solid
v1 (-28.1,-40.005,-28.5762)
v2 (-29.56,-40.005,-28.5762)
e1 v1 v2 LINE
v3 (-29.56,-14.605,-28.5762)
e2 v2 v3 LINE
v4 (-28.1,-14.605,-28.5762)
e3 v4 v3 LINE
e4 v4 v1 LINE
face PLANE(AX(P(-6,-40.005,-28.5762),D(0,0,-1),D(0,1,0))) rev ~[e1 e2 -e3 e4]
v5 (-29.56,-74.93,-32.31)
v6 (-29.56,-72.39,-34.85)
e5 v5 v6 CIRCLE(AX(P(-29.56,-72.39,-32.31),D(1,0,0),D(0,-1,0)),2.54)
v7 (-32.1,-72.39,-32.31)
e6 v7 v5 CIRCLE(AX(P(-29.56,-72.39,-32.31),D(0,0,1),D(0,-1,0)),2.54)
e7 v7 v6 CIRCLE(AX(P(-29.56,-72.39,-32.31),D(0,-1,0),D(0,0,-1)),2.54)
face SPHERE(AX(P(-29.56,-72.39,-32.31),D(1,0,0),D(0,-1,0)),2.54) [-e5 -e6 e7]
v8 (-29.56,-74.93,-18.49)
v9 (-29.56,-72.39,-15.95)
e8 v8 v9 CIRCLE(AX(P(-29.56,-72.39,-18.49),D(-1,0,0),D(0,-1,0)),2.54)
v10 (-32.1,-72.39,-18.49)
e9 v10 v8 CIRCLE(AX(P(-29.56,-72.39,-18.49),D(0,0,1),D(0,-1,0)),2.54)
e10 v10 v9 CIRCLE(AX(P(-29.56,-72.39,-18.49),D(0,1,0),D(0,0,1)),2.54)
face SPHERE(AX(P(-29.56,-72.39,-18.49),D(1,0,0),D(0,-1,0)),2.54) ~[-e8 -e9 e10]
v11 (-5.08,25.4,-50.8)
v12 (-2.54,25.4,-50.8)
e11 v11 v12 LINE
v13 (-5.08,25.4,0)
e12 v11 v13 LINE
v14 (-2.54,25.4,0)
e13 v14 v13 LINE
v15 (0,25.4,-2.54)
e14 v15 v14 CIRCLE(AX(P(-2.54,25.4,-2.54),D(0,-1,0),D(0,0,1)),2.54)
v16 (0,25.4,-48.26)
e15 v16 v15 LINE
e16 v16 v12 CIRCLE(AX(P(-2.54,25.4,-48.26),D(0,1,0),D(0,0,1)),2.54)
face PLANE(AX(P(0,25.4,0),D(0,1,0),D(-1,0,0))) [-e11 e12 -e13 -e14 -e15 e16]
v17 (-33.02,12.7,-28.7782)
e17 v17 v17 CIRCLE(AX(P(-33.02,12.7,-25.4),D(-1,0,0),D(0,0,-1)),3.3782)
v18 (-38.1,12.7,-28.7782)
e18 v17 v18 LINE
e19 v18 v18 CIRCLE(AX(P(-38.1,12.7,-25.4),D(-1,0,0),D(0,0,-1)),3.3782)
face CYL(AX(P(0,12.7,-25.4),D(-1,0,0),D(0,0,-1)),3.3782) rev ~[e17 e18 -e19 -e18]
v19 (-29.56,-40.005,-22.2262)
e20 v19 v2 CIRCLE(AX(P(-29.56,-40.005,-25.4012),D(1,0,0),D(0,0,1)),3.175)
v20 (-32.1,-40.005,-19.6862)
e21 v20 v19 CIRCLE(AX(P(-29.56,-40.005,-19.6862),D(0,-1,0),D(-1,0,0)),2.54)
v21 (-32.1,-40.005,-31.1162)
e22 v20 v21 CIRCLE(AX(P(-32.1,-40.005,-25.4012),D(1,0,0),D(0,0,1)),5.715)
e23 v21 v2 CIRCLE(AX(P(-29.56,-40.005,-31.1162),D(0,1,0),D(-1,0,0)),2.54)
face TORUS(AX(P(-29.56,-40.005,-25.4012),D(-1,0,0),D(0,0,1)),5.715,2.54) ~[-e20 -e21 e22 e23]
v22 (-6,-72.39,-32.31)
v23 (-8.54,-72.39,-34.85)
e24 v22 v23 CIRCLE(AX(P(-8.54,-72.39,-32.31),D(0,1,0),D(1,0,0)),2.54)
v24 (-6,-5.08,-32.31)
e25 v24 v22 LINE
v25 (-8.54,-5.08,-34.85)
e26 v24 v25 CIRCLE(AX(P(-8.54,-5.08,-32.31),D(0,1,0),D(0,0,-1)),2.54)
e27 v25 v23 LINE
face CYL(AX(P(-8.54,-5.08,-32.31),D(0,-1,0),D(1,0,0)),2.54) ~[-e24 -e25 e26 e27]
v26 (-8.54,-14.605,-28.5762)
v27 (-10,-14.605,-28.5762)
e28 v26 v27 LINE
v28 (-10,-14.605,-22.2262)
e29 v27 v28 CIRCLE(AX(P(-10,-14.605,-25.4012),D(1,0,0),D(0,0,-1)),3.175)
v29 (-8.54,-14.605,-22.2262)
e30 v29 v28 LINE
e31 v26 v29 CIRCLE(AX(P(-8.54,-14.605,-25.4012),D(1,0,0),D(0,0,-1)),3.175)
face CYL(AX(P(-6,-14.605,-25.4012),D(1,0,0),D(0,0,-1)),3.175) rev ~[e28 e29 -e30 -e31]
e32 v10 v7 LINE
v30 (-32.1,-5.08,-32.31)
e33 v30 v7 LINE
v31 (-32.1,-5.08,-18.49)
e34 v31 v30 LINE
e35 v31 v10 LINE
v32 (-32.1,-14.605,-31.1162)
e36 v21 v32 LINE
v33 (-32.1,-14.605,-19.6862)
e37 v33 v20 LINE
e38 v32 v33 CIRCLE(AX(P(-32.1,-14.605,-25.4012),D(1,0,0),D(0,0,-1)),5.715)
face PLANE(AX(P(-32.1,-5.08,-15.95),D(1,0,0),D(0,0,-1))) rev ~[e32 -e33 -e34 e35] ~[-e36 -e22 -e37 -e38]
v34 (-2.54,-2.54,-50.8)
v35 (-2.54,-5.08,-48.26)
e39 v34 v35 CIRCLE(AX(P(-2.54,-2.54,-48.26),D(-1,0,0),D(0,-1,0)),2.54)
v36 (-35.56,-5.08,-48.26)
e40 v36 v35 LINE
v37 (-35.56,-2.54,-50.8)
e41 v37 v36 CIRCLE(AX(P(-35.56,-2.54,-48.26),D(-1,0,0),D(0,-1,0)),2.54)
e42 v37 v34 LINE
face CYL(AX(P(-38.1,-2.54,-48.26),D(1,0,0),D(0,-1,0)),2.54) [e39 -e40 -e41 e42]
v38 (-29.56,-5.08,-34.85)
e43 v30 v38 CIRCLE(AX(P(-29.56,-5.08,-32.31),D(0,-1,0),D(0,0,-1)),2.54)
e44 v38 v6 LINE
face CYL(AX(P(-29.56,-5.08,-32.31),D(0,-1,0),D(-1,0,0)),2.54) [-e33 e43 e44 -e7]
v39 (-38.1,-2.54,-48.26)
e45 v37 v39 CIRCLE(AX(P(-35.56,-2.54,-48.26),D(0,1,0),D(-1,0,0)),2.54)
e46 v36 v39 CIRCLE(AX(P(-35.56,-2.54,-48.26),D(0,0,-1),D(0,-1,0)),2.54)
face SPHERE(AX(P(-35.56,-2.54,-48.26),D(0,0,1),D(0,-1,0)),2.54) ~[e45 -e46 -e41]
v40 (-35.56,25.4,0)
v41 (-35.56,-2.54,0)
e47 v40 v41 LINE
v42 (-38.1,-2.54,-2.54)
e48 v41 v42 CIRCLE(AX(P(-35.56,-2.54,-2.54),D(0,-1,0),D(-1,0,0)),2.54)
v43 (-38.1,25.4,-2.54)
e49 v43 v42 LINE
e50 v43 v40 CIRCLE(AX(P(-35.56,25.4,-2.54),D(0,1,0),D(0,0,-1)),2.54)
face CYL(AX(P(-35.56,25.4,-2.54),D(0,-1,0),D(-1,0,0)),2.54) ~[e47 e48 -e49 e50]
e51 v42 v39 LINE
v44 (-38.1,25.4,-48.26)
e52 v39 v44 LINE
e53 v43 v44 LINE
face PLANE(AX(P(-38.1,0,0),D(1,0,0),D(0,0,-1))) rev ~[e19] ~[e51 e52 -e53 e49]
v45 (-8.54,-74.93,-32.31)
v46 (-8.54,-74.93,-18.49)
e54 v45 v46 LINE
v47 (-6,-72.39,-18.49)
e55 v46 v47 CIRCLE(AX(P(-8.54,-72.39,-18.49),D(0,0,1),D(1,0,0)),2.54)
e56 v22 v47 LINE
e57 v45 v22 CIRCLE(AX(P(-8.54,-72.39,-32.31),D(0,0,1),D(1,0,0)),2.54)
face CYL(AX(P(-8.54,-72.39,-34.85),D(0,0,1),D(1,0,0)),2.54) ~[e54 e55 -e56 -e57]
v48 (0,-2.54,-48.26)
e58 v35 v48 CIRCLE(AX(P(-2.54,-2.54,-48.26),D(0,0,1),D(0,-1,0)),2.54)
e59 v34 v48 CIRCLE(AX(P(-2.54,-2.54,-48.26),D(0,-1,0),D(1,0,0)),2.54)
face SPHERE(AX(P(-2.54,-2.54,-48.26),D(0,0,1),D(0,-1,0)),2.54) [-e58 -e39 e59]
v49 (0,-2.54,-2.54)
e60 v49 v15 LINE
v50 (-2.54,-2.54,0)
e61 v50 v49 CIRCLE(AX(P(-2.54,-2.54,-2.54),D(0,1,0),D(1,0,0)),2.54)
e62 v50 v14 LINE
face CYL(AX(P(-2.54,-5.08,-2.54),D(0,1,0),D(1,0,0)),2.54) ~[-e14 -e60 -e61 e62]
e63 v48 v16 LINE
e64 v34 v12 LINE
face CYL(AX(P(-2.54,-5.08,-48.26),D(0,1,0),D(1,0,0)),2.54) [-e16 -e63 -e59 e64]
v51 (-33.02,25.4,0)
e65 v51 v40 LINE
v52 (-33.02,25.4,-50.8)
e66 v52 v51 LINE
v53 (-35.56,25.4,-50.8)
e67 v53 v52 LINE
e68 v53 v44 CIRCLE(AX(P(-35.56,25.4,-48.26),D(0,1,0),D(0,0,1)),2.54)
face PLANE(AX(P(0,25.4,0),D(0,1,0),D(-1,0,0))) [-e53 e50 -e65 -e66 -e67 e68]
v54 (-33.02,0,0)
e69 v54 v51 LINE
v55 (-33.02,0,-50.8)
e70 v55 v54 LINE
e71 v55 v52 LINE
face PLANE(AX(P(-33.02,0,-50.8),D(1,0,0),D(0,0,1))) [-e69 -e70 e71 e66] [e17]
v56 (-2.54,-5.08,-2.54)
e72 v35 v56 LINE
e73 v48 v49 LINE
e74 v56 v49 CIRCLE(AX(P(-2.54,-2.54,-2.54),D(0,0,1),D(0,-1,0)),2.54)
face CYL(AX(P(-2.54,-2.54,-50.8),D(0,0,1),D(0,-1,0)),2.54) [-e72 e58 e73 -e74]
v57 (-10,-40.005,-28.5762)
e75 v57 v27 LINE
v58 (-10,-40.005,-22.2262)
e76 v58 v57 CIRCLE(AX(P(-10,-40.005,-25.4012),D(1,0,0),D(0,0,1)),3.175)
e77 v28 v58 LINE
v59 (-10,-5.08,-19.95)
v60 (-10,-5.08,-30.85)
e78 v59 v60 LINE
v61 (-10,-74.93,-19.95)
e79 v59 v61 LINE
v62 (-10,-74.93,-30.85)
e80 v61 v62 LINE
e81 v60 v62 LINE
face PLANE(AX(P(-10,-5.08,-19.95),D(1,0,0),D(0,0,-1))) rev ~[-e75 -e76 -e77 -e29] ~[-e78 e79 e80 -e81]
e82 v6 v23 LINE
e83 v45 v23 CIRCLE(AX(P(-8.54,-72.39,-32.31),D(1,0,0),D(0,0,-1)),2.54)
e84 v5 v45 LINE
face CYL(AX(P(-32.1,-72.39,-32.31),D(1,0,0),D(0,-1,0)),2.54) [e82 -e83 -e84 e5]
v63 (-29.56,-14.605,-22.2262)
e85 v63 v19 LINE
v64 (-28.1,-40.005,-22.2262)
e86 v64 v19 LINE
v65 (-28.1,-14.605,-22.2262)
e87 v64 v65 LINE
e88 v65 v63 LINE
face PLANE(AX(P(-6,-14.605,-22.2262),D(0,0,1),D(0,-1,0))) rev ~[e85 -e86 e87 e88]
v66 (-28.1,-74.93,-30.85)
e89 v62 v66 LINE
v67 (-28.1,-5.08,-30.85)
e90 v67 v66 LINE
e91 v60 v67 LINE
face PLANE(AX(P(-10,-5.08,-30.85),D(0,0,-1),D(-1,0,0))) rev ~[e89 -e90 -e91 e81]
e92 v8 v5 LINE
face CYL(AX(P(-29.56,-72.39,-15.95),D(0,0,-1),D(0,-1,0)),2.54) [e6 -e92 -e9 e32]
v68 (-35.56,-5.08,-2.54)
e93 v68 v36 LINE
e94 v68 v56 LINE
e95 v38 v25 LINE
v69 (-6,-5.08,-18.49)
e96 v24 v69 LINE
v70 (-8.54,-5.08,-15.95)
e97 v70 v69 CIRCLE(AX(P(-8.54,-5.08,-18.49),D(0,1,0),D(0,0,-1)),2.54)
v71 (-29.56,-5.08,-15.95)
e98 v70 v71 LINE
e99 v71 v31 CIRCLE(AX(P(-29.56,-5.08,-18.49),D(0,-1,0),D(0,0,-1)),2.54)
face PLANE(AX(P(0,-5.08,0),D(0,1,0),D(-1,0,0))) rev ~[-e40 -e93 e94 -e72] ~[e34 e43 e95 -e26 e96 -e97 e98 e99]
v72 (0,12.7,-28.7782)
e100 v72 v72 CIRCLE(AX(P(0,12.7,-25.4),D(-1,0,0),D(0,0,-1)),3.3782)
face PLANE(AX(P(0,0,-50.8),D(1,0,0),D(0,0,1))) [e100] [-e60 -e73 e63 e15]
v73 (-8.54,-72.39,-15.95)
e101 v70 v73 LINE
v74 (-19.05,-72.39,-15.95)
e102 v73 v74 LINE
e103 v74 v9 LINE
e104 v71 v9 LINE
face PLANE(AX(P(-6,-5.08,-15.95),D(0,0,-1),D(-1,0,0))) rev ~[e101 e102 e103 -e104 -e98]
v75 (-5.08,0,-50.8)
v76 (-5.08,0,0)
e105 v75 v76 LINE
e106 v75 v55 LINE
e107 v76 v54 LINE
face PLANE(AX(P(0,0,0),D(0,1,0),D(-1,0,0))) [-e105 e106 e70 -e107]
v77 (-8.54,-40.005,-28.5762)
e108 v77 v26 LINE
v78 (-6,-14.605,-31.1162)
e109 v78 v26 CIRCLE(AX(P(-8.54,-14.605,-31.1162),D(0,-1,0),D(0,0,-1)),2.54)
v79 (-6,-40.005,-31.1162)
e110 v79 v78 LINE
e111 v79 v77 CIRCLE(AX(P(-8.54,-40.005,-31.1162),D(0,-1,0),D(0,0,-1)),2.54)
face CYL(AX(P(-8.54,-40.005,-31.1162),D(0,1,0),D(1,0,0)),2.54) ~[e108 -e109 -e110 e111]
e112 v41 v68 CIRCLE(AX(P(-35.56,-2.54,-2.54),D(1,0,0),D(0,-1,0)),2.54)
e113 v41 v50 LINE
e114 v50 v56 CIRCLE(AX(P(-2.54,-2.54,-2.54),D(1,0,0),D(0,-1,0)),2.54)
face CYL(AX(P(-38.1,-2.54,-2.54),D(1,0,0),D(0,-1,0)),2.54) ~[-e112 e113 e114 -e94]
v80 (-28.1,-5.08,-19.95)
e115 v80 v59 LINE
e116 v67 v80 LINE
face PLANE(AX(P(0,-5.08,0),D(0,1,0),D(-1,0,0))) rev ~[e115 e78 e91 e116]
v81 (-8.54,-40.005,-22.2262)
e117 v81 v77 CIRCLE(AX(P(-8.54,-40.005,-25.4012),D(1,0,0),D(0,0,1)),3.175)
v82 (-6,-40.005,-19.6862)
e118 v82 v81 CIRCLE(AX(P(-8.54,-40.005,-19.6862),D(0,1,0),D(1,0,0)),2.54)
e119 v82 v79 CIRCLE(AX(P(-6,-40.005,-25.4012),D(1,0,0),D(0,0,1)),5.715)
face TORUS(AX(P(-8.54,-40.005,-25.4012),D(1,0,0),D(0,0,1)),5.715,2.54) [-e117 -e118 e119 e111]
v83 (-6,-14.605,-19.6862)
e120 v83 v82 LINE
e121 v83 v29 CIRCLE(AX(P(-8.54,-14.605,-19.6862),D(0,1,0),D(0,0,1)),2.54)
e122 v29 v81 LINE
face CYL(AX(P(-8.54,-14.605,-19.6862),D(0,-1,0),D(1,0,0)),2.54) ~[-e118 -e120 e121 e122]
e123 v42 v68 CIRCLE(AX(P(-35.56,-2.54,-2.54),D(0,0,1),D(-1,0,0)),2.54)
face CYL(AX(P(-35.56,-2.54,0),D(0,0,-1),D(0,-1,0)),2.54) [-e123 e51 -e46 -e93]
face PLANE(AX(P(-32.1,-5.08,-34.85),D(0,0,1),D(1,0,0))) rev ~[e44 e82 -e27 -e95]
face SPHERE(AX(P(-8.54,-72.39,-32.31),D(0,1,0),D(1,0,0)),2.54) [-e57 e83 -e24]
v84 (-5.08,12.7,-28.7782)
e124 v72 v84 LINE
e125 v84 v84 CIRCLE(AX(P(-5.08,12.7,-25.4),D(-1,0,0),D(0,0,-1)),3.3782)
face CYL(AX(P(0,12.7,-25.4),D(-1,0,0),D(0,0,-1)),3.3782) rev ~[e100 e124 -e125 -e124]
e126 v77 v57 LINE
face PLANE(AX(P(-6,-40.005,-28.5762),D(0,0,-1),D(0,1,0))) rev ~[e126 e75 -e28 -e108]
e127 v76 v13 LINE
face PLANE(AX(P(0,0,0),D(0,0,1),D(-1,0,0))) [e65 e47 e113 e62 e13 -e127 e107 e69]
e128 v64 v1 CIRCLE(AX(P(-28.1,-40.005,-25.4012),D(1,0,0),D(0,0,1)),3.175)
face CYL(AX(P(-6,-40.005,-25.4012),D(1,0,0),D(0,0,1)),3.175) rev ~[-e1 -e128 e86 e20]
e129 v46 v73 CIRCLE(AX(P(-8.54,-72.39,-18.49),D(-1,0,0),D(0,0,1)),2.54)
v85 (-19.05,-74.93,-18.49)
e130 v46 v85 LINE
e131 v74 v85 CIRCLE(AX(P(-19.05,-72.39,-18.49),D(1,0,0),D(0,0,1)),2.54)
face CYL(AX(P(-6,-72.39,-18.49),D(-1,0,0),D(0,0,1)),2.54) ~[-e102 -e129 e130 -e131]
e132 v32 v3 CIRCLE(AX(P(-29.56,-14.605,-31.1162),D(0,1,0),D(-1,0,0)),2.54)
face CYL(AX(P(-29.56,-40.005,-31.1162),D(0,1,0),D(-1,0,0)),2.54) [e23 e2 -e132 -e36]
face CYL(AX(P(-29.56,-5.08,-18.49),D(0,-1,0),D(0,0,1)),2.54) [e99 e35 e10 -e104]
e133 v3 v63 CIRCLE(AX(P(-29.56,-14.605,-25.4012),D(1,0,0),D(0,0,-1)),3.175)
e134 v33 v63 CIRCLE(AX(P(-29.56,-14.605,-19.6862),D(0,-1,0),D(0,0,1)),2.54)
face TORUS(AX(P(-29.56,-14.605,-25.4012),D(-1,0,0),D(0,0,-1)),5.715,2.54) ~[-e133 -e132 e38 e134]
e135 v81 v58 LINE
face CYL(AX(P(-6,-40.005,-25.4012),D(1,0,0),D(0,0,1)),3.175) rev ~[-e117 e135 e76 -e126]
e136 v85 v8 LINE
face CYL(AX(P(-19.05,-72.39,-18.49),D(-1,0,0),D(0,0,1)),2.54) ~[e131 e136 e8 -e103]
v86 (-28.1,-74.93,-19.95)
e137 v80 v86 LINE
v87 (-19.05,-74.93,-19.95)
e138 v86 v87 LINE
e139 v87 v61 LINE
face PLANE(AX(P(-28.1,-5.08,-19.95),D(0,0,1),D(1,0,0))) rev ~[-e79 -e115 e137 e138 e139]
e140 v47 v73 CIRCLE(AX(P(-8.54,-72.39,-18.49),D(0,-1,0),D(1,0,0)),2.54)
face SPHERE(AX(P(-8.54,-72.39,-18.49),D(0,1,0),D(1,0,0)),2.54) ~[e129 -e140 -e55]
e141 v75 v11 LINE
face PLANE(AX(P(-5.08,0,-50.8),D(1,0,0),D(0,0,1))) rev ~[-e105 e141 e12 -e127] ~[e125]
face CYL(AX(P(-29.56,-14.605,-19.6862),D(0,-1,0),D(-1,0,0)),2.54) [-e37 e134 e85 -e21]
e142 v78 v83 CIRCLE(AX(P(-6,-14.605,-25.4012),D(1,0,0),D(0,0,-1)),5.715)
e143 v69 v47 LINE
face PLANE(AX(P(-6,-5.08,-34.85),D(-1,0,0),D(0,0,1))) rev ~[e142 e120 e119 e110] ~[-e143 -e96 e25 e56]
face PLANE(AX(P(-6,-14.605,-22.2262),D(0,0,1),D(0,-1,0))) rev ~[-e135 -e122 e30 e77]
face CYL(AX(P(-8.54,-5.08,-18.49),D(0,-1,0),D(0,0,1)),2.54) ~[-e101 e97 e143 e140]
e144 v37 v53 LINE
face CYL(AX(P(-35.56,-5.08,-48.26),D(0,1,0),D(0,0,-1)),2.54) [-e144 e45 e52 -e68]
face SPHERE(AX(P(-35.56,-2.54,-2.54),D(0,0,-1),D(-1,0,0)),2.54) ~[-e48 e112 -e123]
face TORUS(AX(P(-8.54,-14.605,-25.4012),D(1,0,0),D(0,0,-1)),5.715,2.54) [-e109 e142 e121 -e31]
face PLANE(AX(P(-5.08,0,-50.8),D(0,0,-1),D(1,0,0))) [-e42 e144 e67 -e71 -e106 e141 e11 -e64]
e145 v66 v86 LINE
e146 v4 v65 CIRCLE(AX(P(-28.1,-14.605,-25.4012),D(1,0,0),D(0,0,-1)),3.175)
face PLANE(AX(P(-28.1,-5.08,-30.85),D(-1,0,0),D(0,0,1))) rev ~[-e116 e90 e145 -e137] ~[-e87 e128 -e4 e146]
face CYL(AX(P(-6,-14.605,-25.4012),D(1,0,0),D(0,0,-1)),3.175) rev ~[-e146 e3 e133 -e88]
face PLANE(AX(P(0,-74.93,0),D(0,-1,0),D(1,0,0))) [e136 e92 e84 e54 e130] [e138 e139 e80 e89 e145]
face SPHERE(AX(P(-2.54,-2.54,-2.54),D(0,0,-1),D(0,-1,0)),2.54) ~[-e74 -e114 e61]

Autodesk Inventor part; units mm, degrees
ref_plane "YZ Plane" through (0, 0, 0) normal (1, 0, 0) x (0, 1, 0)
ref_plane "XZ Plane" through (0, 0, 0) normal (0, 1, 0) x (-1, 0, 0)
ref_plane "XY Plane" through (0, 0, 0) normal (0, 0, 1) x (1, 0, 0)
sketch "Sketch1" plane through (0, 0, 0) normal (0, 1, 0) x (-1, 0, 0)
  line L0 (0, 0) -> (38.1, 0)
  line L1 (38.1, 0) -> (38.1, -50.8)
  line L2 (38.1, -50.8) -> (0, -50.8)
  line L3 (0, -50.8) -> (0, 0)
  line L4 (38.1, -50.8) -> (33.02, -50.8)
  line L5 (33.02, -50.8) -> (33.02, 0)
  line L6 (33.02, 0) -> (38.1, 0)
  line L7 (38.1, 0) -> (38.1, -50.8)
  line L8 (0, -50.8) -> (5.08, -50.8)
  line L9 (5.08, -50.8) -> (5.08, 0)
  line L10 (5.08, 0) -> (0, 0)
  line L11 (0, 0) -> (0, -50.8)
  dimension "d0" = 38.1
  dimension "d1" = 50.8
  dimension "d2" = 5.08
  dimension "d3" = 5.08
extrude "Extrusion1" add sketch "Sketch1" along normal blind 25.4 contours L0 L9 L2 L3 | L0 L1 L2 L5
extrude "Extrusion2" add sketch "Sketch1" against normal blind 5.08
sketch "Sketch2" plane through (0, 25.4, 0) normal (1, 0, 0) x (0, 0, -1)
  line L0 (50.8, 0) -> (0, 0) projected
  line L1 (25.4, 0) -> (25.4, -12.7)
  point P0 (0, -25.4)
  dimension "d8" = 12.7
hole "Hole1" at (0, 12.7, -25.4) direction (-1, 0, 0) diameter 6.7564 end through all clearance for "Socket Head Cap Screw" size "1/4" standard "Ansi Unified Screw Threads"
sketch "Sketch3" plane through (0, -5.08, 0) normal (0, -1, 0) x (1, 0, 0)
  line L0 (0, 0) -> (-19.05, 0)
  line L1 (0, 0) -> (-38.1, 0) projected
  line L2 (-19.05, 0) -> (-19.05, -25.4)
  line L3 (-6, -34.85) -> (-6, -15.95)
  line L4 (-6, -15.95) -> (-32.1, -15.95)
  line L5 (-32.1, -15.95) -> (-32.1, -34.85)
  line L6 (-32.1, -34.85) -> (-6, -34.85)
  line L7 (-6, -34.85) -> (-32.1, -15.95) construction
  line L8 (-6, -15.95) -> (-32.1, -34.85) construction
  line L9 (-10, -19.95) -> (-10, -30.85)
  line L10 (-10, -30.85) -> (-28.1, -30.85)
  line L11 (-28.1, -30.85) -> (-28.1, -19.95)
  line L12 (-28.1, -19.95) -> (-10, -19.95)
  line L13 (-10, -19.95) -> (-28.1, -30.85) construction
  line L14 (-10, -30.85) -> (-28.1, -19.95) construction
  dimension "d16" = 25.4
  dimension "d17" = 18.9
  dimension "d18" = 26.1
  dimension "d19" = 10.9
  dimension "d20" = 18.1
extrude "Extrusion3" add sketch "Sketch3" along normal blind 69.85
sketch "Sketch4" plane through (-6, -5.08, -15.95) normal (1, 0, 0) x (0, 0, -1)
  line L0 (18.9, 0) -> (18.9, -69.85) projected
  line L1 (18.9, -34.925) -> (9.4512, -34.925)
  line L2 (9.4512, -34.925) -> (9.4512, -9.525) construction
  line L3 (12.6262, -34.925) -> (12.6262, -9.525)
  line L4 (6.2762, -9.525) -> (6.2762, -34.925)
  arc A0 (6.2762, -34.925) -> (12.6262, -34.925) centre (9.4512, -34.925) ccw
  arc A1 (12.6262, -9.525) -> (6.2762, -9.525) centre (9.4512, -9.525) ccw
  point P0 (-15.95, 5.08)
  point P1 (9.4512, -22.225)
  dimension "d23" = 9.4488
  dimension "d24" = 25.4
  dimension "d25" = 6.35
extrude "Extrusion4" cut sketch "Sketch4" against normal blind 76.2
fillet "Fillet1" radius 2.54 24 edges at (-38.1, -5.08, -25.4) (0, -5.08, -25.4) (-6, -11.43, -25.4012) (-6, -27.305, -28.5762) (-6, -43.18, -25.4012) (-6, -27.305, -22.2262) (-6, -40.005, -15.95) (-6, -40.005, -34.85) (-6, -74.93, -25.4) (-19.05, -74.93, -15.95) (-19.05, -74.93, -34.85) (-32.1, -74.93, -25.4) (-32.1, -40.005, -15.95) (-32.1, -40.005, -34.85) (-32.1, -27.305, -28.5762) (-32.1, -11.43, -25.4012) (-32.1, -27.305, -22.2262) (-32.1, -43.18, -25.4012) (-19.05, -5.08, -50.8) (-38.1, 10.16, -50.8) (-38.1, 10.16, 0) (-19.05, -5.08, 0) (0, 10.16, -50.8) (0, 10.16, 0)
properties part number "Sample Holder end for 8020-neutron-whispervalve-r2"
